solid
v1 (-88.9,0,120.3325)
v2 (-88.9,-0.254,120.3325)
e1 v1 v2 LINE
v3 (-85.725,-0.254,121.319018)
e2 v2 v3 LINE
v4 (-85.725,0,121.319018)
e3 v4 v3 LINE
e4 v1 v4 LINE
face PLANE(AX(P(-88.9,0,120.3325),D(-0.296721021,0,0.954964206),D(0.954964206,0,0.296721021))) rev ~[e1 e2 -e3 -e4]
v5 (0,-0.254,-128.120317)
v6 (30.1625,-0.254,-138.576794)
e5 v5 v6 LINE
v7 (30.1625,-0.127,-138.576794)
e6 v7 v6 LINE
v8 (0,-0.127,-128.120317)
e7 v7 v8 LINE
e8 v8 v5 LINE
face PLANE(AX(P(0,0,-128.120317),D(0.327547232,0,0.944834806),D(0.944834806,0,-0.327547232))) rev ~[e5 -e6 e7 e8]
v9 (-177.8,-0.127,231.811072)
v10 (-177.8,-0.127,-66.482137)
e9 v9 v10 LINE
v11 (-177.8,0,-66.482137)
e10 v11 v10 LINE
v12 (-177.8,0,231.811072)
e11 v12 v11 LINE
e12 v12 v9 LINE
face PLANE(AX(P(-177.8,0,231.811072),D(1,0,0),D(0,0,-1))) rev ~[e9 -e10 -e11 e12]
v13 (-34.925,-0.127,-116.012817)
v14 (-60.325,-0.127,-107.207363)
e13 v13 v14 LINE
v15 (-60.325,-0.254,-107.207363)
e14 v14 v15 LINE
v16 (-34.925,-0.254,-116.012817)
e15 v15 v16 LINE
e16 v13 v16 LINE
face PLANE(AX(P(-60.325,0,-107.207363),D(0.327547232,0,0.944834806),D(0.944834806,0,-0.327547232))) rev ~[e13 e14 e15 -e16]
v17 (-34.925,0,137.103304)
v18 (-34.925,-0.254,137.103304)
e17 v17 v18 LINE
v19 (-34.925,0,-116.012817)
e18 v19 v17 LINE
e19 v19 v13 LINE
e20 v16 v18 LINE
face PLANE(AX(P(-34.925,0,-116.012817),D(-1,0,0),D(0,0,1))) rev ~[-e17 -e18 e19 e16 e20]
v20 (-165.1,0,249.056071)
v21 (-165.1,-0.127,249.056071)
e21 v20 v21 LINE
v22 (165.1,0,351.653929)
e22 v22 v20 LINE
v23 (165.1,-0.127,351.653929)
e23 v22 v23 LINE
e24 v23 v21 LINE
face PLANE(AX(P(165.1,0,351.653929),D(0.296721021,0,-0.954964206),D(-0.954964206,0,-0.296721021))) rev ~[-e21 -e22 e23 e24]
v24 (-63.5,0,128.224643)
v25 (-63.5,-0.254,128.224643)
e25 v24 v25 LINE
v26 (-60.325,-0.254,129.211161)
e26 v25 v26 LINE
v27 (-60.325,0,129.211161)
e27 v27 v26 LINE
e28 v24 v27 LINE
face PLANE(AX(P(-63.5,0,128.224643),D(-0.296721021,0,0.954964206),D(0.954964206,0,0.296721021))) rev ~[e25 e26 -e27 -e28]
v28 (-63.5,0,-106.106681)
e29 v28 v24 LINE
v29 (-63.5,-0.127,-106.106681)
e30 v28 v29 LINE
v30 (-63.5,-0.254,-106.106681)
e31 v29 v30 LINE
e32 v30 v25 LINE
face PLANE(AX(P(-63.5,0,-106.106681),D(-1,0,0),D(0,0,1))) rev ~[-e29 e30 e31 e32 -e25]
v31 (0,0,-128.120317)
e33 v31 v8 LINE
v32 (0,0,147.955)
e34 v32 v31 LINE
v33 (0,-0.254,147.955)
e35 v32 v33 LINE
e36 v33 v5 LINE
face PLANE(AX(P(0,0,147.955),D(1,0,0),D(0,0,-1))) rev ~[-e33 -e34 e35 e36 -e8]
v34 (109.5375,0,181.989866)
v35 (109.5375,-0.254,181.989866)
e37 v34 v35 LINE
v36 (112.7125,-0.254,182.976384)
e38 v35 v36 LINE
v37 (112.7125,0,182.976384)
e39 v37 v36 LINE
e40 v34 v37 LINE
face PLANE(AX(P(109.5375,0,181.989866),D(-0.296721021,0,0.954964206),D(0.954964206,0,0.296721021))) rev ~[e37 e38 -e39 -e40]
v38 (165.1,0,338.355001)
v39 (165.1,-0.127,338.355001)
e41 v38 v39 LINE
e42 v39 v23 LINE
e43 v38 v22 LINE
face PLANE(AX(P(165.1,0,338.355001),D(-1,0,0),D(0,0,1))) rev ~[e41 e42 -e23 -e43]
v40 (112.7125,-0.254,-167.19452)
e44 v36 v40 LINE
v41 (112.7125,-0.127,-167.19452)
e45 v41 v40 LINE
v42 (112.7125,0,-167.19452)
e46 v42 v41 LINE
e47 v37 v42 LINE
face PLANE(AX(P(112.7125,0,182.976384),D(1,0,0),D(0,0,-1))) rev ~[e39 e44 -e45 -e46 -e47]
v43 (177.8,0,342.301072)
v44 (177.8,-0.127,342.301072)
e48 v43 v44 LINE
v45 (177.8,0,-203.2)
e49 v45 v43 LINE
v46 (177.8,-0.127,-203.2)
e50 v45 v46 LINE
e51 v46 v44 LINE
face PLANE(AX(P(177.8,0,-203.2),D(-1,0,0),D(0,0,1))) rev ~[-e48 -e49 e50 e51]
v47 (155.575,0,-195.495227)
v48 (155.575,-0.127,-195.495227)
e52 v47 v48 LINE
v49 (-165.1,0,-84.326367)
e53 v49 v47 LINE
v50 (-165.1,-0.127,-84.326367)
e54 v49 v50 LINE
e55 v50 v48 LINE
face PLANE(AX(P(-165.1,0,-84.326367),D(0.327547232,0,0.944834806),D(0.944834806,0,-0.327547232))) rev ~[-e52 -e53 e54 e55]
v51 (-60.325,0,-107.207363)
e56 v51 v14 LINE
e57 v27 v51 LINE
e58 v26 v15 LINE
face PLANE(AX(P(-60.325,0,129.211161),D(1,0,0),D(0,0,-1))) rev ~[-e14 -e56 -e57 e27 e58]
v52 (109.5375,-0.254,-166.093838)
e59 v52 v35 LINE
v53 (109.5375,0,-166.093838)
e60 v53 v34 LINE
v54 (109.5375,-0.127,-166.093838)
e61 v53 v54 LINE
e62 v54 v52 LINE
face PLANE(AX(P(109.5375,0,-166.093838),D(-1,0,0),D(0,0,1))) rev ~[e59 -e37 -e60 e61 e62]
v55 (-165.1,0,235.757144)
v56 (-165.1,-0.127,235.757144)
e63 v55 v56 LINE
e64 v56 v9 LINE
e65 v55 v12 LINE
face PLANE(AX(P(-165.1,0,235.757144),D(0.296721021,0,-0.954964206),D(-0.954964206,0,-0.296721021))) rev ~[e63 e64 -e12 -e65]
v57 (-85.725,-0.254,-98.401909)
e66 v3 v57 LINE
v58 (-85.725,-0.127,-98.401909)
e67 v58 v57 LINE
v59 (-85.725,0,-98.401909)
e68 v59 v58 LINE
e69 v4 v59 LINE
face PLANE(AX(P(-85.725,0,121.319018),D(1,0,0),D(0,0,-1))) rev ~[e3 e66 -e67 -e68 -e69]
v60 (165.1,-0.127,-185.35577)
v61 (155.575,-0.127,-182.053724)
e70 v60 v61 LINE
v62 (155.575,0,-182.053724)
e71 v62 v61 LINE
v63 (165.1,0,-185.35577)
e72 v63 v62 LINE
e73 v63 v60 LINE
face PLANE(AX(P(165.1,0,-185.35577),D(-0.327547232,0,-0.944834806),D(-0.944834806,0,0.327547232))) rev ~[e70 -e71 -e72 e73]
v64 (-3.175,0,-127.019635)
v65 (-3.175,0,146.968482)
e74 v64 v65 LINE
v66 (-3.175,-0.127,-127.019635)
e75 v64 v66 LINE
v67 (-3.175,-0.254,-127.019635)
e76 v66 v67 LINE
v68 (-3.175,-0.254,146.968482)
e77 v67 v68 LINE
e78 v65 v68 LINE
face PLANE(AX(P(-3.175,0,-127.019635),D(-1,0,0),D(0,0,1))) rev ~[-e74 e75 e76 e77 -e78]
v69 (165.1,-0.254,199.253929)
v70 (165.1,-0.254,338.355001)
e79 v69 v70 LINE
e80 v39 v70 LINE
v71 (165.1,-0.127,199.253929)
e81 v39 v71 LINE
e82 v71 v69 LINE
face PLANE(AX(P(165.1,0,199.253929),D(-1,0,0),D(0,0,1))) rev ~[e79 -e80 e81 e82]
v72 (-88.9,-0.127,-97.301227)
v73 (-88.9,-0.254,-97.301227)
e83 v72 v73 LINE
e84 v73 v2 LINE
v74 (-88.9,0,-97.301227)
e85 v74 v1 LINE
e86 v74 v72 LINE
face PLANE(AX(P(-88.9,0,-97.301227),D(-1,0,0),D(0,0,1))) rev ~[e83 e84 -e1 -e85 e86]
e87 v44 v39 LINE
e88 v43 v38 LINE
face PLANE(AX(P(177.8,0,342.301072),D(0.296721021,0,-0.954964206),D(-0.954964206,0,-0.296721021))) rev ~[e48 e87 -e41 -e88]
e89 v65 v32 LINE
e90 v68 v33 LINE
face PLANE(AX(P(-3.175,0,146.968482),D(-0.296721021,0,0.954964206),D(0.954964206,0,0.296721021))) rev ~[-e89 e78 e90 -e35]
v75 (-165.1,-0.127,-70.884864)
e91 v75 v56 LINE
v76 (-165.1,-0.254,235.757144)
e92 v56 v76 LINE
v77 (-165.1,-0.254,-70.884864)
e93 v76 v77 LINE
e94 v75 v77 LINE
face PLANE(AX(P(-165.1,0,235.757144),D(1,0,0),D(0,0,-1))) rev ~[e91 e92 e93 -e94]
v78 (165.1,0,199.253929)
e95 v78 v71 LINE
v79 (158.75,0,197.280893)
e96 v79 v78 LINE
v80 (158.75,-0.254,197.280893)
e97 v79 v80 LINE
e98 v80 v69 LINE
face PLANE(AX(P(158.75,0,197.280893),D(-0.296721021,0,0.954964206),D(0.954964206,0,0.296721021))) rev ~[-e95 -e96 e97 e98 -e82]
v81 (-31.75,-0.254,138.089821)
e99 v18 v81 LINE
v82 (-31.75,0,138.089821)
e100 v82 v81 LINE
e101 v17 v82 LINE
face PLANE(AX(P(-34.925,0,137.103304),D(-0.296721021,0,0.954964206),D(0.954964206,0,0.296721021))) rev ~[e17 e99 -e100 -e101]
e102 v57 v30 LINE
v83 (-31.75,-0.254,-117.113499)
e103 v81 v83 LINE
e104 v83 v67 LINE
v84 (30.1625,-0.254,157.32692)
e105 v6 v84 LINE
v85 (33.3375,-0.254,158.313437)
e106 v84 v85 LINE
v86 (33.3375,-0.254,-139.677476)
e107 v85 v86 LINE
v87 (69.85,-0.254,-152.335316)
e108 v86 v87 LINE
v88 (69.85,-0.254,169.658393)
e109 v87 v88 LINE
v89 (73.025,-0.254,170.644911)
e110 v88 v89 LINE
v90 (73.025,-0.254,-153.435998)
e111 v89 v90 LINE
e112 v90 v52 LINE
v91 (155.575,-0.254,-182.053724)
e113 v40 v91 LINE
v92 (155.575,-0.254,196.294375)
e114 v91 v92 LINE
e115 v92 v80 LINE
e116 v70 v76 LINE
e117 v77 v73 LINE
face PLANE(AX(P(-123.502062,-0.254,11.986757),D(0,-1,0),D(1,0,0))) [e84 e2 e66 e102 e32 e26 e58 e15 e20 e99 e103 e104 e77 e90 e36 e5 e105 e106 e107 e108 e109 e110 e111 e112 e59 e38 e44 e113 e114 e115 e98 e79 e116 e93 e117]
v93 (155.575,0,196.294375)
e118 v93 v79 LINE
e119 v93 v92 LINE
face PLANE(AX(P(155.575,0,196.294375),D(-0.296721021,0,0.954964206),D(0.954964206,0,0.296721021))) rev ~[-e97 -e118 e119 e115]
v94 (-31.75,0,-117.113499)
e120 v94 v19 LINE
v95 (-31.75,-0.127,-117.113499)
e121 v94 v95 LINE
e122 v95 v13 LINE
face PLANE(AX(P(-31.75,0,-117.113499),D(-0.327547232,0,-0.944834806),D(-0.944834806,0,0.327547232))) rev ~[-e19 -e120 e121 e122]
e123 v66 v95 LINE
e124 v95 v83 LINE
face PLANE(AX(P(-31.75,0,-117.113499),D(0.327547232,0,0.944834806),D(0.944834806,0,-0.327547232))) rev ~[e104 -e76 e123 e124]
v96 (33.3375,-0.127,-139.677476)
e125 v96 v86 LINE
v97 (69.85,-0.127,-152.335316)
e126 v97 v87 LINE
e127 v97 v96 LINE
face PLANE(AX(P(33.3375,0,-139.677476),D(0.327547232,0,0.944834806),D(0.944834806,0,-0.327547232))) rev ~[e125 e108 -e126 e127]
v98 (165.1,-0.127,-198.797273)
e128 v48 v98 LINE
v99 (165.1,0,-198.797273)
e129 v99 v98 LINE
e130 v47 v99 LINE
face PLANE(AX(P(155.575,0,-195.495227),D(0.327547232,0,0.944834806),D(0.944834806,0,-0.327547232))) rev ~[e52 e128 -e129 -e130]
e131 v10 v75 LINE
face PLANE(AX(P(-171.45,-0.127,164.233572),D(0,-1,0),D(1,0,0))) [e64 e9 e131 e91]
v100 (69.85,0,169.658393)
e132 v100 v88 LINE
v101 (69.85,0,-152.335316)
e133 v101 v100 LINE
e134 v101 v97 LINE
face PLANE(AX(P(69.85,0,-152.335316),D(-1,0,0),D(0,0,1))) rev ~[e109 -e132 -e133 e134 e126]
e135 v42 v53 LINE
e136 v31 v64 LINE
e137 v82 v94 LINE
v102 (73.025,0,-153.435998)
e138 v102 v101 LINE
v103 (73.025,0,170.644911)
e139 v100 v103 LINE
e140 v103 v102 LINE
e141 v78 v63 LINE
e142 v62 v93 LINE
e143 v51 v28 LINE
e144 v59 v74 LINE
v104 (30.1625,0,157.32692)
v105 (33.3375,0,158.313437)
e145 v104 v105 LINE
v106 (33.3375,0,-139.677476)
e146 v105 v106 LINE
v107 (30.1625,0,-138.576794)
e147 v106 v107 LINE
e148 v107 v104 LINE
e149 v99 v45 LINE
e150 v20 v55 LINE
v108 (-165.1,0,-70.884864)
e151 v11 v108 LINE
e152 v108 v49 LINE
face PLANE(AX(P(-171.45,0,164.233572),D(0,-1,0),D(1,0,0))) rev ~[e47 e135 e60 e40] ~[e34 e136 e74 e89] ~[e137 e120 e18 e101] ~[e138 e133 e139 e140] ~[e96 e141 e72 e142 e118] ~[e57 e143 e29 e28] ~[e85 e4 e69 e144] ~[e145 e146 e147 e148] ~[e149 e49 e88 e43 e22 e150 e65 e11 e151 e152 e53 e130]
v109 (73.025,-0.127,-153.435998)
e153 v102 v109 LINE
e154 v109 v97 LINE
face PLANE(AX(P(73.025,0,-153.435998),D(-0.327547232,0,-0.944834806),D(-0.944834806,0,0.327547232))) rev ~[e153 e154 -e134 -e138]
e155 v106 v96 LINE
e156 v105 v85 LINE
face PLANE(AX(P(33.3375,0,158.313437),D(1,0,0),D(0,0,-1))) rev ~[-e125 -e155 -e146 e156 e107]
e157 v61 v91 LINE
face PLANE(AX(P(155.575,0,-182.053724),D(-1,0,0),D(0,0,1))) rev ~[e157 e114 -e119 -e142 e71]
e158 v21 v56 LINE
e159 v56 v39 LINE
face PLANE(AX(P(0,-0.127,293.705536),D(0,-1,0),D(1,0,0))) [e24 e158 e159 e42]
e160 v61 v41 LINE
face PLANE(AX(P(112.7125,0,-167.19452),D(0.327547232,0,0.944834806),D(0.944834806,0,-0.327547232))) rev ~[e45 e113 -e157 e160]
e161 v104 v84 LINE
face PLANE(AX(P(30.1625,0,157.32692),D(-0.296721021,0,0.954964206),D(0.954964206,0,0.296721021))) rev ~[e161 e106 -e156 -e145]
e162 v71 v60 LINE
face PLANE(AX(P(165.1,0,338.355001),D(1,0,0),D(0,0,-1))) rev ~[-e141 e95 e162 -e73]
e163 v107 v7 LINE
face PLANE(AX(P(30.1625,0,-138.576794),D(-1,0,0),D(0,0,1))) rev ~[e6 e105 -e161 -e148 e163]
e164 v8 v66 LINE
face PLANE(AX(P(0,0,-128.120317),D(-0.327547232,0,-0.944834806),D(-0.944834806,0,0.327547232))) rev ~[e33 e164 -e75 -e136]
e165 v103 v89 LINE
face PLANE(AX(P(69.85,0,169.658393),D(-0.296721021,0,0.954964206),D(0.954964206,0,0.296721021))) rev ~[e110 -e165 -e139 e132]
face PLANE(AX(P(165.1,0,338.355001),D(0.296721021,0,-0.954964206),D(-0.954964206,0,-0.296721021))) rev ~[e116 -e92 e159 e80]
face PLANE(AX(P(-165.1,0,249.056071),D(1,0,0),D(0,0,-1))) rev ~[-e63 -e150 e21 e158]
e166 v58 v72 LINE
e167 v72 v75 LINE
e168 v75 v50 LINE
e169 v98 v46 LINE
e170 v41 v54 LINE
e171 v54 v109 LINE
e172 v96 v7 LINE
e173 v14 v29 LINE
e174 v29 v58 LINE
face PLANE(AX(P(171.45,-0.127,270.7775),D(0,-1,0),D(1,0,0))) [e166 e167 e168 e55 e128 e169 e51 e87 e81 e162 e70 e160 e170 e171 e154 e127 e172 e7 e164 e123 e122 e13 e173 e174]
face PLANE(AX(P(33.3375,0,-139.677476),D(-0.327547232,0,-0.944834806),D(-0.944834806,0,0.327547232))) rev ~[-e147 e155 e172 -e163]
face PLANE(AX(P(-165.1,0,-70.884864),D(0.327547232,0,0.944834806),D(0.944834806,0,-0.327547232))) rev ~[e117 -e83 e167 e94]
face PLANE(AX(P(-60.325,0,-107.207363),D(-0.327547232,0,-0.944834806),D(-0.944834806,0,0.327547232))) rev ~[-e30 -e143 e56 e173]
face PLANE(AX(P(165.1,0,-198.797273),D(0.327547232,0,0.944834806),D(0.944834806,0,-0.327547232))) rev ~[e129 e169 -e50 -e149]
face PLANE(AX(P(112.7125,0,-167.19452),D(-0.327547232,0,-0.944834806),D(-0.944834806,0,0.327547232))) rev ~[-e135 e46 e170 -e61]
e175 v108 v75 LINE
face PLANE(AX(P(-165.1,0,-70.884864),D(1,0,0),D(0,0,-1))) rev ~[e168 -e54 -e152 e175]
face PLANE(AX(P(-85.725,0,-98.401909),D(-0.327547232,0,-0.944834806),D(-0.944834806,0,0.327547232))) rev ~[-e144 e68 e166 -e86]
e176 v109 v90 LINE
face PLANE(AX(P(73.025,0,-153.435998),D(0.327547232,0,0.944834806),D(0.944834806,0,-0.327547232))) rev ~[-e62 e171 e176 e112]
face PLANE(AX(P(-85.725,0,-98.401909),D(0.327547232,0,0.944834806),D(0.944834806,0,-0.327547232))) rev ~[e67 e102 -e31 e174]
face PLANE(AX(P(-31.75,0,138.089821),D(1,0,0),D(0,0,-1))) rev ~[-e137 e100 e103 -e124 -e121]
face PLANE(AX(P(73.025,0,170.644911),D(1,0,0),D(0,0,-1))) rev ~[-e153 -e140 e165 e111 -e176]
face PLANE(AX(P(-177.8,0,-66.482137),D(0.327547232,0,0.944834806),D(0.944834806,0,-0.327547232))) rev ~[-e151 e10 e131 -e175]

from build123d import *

# Parameters (mm, degrees)
F1_DEPTH = 0.254
F2_DEPTH = 0.127


with BuildPart() as f1:
    # F0 (on Front) → F1 (new body)
    with BuildSketch(Plane.XZ):
        Polygon((-165.1, 96.6560714286), (-165.1, -70.8848640166), (-88.9, -97.3012268737), (-88.9, 120.3325), align=None)
        Polygon((-85.725, 121.3190178571), (-85.725, -98.4019086594), (-63.5, -106.1066811594), (-63.5, 128.2246428571), align=None)
        Polygon((-60.325, 129.2111607143), (-60.325, -107.2073629451), (-34.925, -116.0128172308), (-34.925, 137.1033035714), align=None)
        Polygon((-31.75, 138.0898214286), (-31.75, -117.1134990166), (-3.175, -127.019635088), (-3.175, 146.9684821429), align=None)
        Polygon((0, 147.955), (0, -128.1203168737), (30.1625, -138.576793838), (30.1625, 157.3269196429), align=None)
        Polygon((33.3375, -139.6774756237), (69.85, -152.3353161594), (69.85, 169.6583928571), (33.3375, 158.3134375), align=None)
        Polygon((112.7125, -167.1945202666), (155.575, -182.0537243737), (155.575, 196.294375), (112.7125, 182.9763839286), align=None)
        Polygon((73.025, -153.4359979451), (109.5375, -166.0938384808), (109.5375, 181.9898660714), (73.025, 170.6449107143), align=None)
        Polygon((-165.1, 235.7571436628), (-165.1, 96.6560714286), (-88.9, 120.3325), (-85.725, 121.3190178571), (-63.5, 128.2246428571), (-60.325, 129.2111607143), (-34.925, 137.1033035714), (-31.75, 138.0898214286), (-3.175, 146.9684821429), (0, 147.955), (30.1625, 157.3269196429), (33.3375, 158.3134375), (69.85, 169.6583928571), (73.025, 170.6449107143), (109.5375, 181.9898660714), (112.7125, 182.9763839286), (155.575, 196.294375), (158.75, 197.2808928571), (165.1, 199.2539285714), (165.1, 338.3550008057), align=None)
    extrude(amount=F1_DEPTH)

    # F0 (on Front) → F2 (join)
    with BuildSketch(Plane.XZ):
        Polygon((-177.8, 231.8110722342), (-177.8, 92.71), (-165.1, 96.6560714286), (-165.1, 235.7571436628), align=None)
        Polygon((-165.1, 249.0560714286), (-165.1, 235.7571436628), (165.1, 338.3550008057), (165.1, 351.6539285714), align=None)
        Polygon((177.8, 342.3010722342), (165.1, 338.3550008057), (165.1, 199.2539285714), (177.8, 203.2), align=None)
        Polygon((-177.8, 92.71), (-177.8, 0), (-177.8, -66.4821368737), (-165.1, -70.8848640166), (-165.1, 96.6560714286), align=None)
        Polygon((-88.9, -97.3012268737), (-165.1, -70.8848640166), (-165.1, -84.3263671429), (155.575, -195.4952275), (155.575, -182.0537243737), (112.7125, -167.1945202666), (109.5375, -166.0938384808), (73.025, -153.4359979451), (69.85, -152.3353161594), (33.3375, -139.6774756237), (30.1625, -138.576793838), (0, -128.1203168737), (-3.175, -127.019635088), (-31.75, -117.1134990166), (-34.925, -116.0128172308), (-60.325, -107.2073629451), (-63.5, -106.1066811594), (-85.725, -98.4019086594), align=None)
        Polygon((177.8, 203.2), (165.1, 199.2539285714), (165.1, -185.3557697308), (177.8, -189.7584968737), (177.8, 0), align=None)
        Polygon((155.575, -182.0537243737), (155.575, -195.4952275), (165.1, -198.7972728571), (165.1, -185.3557697308), (158.75, -183.1544061594), align=None)
        Polygon((165.1, -185.3557697308), (165.1, -198.7972728571), (177.8, -203.2), (177.8, -189.7584968737), align=None)
    extrude(amount=F2_DEPTH)


solid = f1.part
